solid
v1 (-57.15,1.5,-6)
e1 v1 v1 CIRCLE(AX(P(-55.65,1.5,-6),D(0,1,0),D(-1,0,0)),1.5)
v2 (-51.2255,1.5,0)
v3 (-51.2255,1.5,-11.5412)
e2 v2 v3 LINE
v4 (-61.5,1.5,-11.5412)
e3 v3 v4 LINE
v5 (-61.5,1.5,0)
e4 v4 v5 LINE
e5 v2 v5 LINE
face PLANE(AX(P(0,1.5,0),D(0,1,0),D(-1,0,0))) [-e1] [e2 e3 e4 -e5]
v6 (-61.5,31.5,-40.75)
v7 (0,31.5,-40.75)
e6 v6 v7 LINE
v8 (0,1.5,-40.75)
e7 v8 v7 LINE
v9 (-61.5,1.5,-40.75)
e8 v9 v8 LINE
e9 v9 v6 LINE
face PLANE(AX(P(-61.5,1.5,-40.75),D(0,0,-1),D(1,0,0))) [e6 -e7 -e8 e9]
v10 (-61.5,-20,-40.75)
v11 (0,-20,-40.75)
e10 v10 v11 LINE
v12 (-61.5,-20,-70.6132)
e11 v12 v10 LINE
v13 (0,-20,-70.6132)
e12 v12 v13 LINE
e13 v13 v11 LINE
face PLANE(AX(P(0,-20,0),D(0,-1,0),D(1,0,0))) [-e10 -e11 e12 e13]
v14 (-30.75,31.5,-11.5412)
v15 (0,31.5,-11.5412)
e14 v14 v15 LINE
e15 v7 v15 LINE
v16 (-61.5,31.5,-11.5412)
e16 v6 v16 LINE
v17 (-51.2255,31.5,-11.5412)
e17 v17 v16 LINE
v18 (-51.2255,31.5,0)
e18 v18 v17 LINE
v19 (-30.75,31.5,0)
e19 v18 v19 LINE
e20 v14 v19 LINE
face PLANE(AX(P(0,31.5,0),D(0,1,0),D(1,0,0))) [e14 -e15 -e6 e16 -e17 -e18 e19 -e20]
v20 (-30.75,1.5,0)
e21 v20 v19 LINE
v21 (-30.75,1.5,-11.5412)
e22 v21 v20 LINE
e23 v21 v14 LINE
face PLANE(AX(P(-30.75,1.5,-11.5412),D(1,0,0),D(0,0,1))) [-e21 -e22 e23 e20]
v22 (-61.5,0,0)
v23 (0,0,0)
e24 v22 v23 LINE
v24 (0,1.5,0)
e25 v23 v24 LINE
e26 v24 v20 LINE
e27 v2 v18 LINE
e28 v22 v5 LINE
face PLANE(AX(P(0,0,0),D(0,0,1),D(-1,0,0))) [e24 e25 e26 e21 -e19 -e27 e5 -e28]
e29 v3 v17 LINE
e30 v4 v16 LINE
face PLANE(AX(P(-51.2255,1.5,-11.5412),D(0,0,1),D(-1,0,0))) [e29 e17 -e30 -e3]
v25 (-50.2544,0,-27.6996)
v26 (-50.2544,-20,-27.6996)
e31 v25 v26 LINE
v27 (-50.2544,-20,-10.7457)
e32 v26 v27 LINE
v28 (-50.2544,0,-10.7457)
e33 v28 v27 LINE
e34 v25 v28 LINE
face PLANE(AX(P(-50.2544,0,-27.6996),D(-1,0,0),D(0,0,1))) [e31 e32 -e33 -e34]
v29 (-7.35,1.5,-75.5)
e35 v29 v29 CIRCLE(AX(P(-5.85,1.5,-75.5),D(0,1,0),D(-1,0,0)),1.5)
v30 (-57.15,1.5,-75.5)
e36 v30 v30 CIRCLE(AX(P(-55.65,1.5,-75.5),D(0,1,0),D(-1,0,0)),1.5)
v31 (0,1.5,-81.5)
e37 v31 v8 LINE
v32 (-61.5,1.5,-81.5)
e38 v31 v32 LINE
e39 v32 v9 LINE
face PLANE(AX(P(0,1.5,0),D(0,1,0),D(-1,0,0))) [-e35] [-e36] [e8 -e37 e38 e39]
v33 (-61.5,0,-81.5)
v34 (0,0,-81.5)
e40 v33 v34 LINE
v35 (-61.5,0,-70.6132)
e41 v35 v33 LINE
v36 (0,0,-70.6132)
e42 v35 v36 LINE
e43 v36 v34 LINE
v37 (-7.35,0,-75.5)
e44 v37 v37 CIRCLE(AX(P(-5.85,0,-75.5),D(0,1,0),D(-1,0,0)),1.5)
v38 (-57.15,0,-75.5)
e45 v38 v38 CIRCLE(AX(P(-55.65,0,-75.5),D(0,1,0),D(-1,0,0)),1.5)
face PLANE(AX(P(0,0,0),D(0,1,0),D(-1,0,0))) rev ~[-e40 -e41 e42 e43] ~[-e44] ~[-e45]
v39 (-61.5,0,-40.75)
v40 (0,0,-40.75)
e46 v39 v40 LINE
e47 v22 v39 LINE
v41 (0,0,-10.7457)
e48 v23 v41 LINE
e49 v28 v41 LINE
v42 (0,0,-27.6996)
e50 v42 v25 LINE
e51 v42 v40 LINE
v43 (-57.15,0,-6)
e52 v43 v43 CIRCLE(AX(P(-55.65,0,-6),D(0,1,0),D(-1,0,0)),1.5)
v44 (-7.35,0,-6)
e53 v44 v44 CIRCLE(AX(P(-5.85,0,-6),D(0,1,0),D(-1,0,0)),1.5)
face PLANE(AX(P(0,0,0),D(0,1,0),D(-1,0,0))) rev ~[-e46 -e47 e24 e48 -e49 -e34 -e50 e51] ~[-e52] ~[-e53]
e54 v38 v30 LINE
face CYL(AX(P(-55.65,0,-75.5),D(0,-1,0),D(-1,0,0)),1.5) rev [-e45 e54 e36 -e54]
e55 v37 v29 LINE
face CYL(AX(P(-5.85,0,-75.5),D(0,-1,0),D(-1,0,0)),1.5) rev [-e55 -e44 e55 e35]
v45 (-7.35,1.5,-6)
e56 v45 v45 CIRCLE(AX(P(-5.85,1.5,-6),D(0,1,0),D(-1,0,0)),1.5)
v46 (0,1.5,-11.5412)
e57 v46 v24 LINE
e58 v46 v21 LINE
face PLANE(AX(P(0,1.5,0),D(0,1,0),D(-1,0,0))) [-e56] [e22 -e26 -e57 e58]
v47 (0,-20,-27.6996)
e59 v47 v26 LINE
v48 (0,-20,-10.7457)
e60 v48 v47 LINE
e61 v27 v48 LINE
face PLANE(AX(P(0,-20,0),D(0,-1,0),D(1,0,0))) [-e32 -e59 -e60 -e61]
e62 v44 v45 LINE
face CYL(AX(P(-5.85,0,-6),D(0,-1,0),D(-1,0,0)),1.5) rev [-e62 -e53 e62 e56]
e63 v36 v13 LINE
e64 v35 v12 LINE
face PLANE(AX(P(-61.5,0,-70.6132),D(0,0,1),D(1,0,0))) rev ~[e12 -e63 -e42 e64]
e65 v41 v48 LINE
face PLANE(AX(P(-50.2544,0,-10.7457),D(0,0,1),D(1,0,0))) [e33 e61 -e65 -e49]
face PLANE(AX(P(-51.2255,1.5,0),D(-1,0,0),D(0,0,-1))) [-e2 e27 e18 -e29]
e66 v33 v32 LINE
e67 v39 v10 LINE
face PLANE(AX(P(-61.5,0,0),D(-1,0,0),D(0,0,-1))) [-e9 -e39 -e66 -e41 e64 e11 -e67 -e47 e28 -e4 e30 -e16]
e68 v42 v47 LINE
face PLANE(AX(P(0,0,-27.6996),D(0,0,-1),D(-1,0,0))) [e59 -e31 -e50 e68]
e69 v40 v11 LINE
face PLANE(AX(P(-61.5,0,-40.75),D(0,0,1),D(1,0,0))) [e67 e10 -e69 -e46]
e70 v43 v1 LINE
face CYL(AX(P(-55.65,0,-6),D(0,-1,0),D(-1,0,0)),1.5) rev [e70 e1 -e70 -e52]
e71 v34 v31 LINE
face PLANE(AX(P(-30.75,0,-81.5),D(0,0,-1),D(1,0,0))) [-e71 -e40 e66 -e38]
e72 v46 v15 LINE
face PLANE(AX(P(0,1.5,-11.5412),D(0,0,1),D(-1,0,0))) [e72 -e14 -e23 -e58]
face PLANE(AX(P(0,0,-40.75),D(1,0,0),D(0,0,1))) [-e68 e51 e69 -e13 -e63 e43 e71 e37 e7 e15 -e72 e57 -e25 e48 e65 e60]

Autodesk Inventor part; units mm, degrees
ref_plane "YZ Plane" through (0, 0, 0) normal (1, 0, 0) x (0, 1, 0)
ref_plane "XZ Plane" through (0, 0, 0) normal (0, 1, 0) x (-1, 0, 0)
ref_plane "XY Plane" through (0, 0, 0) normal (0, 0, 1) x (1, 0, 0)
sketch "Sketch1" plane through (0, 0, 0) normal (0, 1, 0) x (-1, 0, 0)
  line L0 (0, 0) -> (61.5, 0)
  line L1 (61.5, 0) -> (61.5, -81.5)
  line L2 (61.5, -81.5) -> (0, -81.5)
  line L3 (0, -81.5) -> (0, 0)
  line L4 (61.5, -40.75) -> (0, -40.75)
  line L5 (30.75, 0) -> (30.75, -81.5)
  line L6 (30.75, -81.5) -> (30.75, 0)
  circle A0 centre (55.65, -6) radius 1.5
  circle A1 centre (5.85, -6) radius 1.5
  circle A2 centre (55.65, -75.5) radius 1.5
  circle A3 centre (5.85, -75.5) radius 1.5
  dimension "d0" = 61.5
  dimension "d1" = 81.5
  dimension "d2" = 69.5
  dimension "d3" = 49.8
  dimension "d4" = 3
extrude "Extrusion1" add sketch "Sketch1" along normal blind 1.5
sketch "Sketch2" plane through (0, 1.5, 0) normal (0, 1, 0) x (1, 0, 0)
  line L0 (-61.5, 81.5) -> (-61.5, 0) projected
  line L1 (-61.5, 40.75) -> (0, 40.75)
  line L2 (0, 40.75) -> (0, 11.5412)
  line L3 (0, 11.5412) -> (-61.5, 11.5412)
  line L4 (-61.5, 11.5412) -> (-61.5, 40.75)
  line L5 (-61.5, 0) -> (0, 0) projected
  line L6 (-29.2541, 11.5412) -> (-51.2255, 11.5412)
  line L7 (-61.5, 68.5681) -> (-61.5, 63.2604)
  line L8 (-51.2255, 11.5412) -> (-30.75, 11.5412)
  line L9 (-30.75, 11.5412) -> (-30.75, 0)
  line L10 (-30.75, 0) -> (-51.2255, 0)
  line L11 (-51.2255, 0) -> (-51.2255, 11.5412)
  point P0 (0, 68.5681)
extrude "Extrusion2" add sketch "Sketch2" along normal blind 30 contours L1 L2 L3 L0 | L3 L9 L5 L11
sketch "Sketch3" plane through (0, 0, 0) normal (0, -1, 0) x (1, 0, 0)
  line L0 (-61.5, -81.5) -> (-61.5, 0) projected
  line L1 (-61.5, -40.75) -> (0, -40.75) projected
  line L2 (-61.5, -70.6132) -> (0, -70.6132)
  line L3 (0, -70.6132) -> (0, -40.75)
  line L4 (0, -40.75) -> (-61.5, -40.75)
  line L5 (-61.5, -40.75) -> (-61.5, -70.6132)
  line L6 (0, 0) -> (0, -81.5) projected
  line L7 (-50.2544, -10.7457) -> (0, -10.7457)
  line L8 (0, -10.7457) -> (0, -27.6996)
  line L9 (0, -27.6996) -> (-50.2544, -27.6996)
  line L10 (-50.2544, -27.6996) -> (-50.2544, -10.7457)
extrude "Extrusion3" add sketch "Sketch3" along normal blind 20
properties part number "Platine"
